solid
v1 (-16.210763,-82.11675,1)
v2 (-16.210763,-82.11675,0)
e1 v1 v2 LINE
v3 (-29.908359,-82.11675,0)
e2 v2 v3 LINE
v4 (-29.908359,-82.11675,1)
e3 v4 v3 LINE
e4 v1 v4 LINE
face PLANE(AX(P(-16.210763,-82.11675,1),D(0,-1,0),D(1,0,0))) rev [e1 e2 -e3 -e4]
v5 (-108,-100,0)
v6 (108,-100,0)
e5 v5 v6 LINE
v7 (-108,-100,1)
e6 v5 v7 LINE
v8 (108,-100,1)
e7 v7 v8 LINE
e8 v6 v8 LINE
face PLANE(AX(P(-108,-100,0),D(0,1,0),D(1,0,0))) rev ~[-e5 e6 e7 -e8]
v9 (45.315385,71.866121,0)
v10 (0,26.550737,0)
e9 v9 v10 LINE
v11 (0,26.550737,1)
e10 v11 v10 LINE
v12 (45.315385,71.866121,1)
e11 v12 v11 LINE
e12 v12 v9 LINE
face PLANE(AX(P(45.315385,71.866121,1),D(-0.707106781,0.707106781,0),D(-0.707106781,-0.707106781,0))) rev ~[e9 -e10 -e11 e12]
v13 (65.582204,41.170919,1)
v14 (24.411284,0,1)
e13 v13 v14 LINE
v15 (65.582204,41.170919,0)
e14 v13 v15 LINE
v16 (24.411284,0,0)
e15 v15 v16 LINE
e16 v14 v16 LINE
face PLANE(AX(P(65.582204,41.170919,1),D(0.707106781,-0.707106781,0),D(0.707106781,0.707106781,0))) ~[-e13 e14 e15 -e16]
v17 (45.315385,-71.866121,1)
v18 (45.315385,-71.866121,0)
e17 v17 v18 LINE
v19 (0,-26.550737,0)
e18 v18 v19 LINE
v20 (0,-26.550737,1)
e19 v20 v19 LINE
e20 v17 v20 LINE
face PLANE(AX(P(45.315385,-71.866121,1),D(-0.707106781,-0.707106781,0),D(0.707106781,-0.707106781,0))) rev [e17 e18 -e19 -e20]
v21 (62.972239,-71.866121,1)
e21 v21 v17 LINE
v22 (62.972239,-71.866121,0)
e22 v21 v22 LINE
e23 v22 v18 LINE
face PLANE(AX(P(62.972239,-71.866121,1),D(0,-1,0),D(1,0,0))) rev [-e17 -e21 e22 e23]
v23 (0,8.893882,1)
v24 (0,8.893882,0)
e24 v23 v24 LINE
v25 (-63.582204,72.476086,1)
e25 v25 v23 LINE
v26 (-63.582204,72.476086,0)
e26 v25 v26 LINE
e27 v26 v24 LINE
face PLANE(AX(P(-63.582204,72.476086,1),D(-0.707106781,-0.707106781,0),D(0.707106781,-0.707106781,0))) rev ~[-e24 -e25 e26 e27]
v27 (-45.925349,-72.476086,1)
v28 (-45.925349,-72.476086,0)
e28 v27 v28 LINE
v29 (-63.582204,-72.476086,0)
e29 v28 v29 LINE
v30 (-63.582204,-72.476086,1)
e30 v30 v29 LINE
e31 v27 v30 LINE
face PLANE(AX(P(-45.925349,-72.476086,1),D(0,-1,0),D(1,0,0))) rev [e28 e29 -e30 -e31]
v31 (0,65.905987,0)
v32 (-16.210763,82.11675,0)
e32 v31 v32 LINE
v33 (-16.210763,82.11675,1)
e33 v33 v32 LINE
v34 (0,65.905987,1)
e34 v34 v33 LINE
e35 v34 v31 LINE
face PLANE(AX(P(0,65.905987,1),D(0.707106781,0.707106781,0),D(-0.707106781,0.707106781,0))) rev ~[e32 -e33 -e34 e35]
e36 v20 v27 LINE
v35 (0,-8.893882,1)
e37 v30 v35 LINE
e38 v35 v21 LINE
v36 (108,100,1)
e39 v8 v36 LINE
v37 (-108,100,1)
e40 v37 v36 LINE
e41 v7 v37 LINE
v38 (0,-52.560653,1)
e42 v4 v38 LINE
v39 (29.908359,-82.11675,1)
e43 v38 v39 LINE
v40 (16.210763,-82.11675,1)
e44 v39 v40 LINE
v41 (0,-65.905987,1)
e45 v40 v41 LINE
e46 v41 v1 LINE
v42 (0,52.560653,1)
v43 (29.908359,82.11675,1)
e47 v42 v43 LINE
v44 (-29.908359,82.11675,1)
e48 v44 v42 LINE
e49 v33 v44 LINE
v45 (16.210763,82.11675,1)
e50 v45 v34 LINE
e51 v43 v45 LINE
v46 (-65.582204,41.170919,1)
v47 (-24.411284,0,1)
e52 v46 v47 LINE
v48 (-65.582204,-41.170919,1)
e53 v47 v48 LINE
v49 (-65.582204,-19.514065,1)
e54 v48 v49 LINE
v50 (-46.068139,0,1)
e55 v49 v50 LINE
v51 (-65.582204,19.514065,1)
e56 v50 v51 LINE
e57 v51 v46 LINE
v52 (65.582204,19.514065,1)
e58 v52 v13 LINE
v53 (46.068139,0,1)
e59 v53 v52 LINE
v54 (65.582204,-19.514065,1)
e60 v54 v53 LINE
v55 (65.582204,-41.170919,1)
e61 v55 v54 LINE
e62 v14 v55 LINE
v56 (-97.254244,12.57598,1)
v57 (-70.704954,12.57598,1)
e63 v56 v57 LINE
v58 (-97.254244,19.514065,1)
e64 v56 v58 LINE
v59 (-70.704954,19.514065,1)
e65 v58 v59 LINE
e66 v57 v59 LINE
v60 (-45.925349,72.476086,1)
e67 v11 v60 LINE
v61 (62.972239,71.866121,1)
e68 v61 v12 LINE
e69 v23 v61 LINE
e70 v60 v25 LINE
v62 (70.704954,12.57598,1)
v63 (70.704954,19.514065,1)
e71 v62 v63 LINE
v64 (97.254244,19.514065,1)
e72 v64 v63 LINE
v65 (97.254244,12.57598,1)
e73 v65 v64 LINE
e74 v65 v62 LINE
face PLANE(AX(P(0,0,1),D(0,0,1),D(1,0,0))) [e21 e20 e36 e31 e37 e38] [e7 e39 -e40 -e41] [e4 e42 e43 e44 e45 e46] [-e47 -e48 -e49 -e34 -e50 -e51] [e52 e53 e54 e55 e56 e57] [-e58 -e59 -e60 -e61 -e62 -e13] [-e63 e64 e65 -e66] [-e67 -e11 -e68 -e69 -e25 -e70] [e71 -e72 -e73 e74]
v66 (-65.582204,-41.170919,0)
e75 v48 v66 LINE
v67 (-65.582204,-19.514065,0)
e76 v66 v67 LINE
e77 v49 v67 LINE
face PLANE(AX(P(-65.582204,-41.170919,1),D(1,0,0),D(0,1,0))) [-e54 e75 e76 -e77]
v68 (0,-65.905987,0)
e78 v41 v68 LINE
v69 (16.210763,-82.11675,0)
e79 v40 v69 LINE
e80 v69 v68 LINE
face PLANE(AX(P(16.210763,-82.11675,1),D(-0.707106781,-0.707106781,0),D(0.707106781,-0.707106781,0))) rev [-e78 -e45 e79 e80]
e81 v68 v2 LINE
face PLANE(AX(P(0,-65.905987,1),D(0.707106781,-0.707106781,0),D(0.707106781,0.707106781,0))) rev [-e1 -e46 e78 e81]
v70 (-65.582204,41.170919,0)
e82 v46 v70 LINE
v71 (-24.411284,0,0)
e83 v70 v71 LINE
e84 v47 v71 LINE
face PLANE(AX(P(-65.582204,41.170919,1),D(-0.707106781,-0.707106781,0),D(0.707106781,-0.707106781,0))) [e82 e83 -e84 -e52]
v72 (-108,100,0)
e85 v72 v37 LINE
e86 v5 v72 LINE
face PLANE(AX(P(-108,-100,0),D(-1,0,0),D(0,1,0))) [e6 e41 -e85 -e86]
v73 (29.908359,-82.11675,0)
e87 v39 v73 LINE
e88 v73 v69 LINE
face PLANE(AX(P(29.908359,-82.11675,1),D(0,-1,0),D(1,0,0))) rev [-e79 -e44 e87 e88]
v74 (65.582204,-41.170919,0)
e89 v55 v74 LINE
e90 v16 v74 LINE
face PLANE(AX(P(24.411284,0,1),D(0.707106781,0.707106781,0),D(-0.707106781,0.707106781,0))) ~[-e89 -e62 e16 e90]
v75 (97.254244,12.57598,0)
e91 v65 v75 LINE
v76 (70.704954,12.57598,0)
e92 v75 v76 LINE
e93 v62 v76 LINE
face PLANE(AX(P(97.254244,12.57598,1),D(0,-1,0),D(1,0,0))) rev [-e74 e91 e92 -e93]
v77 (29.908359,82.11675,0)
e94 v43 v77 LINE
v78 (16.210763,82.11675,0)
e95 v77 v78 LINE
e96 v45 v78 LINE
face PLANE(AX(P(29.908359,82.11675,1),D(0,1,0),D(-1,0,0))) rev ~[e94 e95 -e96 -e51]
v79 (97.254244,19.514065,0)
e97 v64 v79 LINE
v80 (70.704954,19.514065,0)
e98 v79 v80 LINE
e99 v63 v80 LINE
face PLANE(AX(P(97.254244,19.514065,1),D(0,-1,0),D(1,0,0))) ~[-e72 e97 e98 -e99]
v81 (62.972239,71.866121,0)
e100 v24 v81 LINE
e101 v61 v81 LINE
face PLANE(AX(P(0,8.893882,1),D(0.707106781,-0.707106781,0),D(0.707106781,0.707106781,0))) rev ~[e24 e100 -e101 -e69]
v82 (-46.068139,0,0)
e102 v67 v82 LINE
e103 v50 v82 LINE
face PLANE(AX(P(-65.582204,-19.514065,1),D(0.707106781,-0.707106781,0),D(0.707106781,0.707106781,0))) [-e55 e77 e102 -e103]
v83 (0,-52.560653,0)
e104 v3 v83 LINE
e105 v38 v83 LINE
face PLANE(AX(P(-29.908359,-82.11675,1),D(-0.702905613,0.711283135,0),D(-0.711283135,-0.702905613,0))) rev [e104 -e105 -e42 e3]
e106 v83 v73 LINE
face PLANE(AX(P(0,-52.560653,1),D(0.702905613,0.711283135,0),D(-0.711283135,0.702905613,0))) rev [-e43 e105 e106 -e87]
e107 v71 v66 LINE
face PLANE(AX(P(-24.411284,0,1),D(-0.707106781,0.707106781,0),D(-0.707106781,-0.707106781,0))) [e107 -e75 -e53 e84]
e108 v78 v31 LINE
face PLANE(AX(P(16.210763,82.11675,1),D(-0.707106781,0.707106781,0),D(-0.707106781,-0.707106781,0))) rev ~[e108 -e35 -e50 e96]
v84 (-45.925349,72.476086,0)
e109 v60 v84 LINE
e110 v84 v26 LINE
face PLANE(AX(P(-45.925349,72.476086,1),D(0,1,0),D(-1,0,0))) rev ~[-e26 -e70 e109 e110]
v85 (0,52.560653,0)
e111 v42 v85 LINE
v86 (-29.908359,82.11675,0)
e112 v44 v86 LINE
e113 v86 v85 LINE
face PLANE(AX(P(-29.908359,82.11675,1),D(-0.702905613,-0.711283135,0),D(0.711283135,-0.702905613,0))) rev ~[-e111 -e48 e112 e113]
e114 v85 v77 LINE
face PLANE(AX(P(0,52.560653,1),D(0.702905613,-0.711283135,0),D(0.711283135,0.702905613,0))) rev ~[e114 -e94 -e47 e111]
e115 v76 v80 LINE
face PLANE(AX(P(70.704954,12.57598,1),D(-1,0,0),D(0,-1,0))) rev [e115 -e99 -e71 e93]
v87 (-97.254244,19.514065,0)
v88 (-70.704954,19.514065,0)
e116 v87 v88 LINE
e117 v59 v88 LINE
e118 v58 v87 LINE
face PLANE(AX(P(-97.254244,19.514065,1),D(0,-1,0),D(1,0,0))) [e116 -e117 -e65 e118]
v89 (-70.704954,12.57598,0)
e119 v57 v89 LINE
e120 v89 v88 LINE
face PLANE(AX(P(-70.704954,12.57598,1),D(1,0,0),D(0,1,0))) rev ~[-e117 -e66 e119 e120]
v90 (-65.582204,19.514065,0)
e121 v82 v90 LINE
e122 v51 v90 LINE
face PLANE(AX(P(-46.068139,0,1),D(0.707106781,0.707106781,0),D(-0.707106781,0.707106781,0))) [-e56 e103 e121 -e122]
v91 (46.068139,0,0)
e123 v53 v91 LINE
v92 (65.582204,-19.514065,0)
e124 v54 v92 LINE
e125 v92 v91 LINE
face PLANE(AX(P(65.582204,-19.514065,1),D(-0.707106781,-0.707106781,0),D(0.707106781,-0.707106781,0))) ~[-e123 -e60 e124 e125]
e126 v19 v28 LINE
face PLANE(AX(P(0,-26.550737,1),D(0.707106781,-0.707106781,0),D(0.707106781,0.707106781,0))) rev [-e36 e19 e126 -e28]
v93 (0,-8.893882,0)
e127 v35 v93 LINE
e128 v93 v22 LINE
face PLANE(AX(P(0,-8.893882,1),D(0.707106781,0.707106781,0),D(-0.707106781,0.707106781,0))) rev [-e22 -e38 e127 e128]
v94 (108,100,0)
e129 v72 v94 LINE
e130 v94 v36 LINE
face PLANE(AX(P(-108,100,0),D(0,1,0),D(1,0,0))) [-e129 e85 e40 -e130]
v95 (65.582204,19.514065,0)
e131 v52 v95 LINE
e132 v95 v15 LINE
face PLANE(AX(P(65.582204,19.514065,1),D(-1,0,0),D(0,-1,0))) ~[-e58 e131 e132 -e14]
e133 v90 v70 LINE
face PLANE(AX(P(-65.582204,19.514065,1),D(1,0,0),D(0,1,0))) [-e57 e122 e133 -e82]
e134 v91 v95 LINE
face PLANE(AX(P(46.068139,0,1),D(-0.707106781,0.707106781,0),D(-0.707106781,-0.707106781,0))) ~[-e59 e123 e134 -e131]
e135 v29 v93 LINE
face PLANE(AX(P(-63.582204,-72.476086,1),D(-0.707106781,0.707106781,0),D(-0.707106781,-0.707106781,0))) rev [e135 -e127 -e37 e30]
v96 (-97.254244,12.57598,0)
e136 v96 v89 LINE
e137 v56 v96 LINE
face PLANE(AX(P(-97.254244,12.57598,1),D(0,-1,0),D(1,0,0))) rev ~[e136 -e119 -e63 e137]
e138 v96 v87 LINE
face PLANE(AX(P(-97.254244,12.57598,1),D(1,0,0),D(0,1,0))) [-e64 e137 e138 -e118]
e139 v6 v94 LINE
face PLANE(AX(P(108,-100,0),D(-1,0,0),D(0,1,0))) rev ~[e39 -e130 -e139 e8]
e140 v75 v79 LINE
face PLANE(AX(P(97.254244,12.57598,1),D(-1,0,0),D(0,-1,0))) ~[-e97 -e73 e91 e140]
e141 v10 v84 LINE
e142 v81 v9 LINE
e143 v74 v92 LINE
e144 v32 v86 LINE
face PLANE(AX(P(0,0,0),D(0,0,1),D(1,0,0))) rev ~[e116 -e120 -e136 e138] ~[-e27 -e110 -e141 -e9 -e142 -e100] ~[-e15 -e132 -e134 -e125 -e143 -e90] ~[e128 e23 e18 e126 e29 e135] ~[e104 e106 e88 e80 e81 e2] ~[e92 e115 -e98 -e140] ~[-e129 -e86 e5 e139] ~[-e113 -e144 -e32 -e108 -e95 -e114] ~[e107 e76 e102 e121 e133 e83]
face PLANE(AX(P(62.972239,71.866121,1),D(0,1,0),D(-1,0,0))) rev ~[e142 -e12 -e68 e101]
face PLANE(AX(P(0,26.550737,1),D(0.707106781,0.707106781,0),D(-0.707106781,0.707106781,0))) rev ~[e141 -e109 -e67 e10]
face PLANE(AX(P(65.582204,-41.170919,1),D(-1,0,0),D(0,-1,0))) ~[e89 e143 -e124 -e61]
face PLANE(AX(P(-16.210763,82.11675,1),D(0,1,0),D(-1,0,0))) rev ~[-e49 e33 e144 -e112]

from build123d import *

# Parameters (mm, degrees)
SKETCH_1_W          = 216
SKETCH_1_H          = 200
EXTRUDE_1_DEPTH     = 1
CUT_EXTRUDE_2_DEPTH = 148.190352945
CUT_EXTRUDE_3_DEPTH = 148.190352945
SKETCH_4_W          = 26.549290854
SKETCH_4_H          = 6.938085034
CUT_EXTRUDE_4_DEPTH = 148.190352945


with BuildPart() as part:
    # 草图1 → 凸台-拉伸1 (new body)
    with BuildSketch(Plane.XY):
        Rectangle(SKETCH_1_W, SKETCH_1_H)
    extrude(amount=EXTRUDE_1_DEPTH)

    # 草图2 → 切除-拉伸2 (cut, through all)
    with BuildSketch(Plane.XY.offset(1)):
        Polygon((-29.908359309, 82.116750483), (0, 52.560653053), (29.908359309, 82.116750483), (16.210763117, 82.116750483), (0, 65.905987366), (-16.210763117, 82.116750483), align=None)
        Polygon((0, 26.550736561), (-45.925349273, 72.476085834), (-63.582203523, 72.476085834), (0, 8.893882312), (62.972238909, 71.866121221), (45.31538466, 71.866121221), align=None)
    cut_extrude_2 = extrude(amount=-CUT_EXTRUDE_2_DEPTH, mode=Mode.SUBTRACT)

    # 镜向2: 切除-拉伸2 across plane
    add(cut_extrude_2.mirror(Plane.ZX), mode=Mode.SUBTRACT)

    # 草图3 → 切除-拉伸3 (cut, through all)
    with BuildSketch(Plane.XY.offset(1)):
        Polygon((-46.068138611, 0), (-65.582203523, 19.514064912), (-65.582203523, 41.170919161), (-24.411284361, 0), (-65.582203523, -41.170919161), (-65.582203523, -19.514064912), align=None)
    cut_extrude_3 = extrude(amount=-CUT_EXTRUDE_3_DEPTH, mode=Mode.SUBTRACT)

    # 镜向3: 切除-拉伸3 across plane
    add(cut_extrude_3.mirror(Plane(origin=(0, 0, 0), x_dir=(0, 0, 1), z_dir=(1, 0, 0))), mode=Mode.SUBTRACT)

    # 草图4 → 切除-拉伸4 (cut, through all)
    with BuildSketch(Plane.XY.offset(1)):
        with Locations((-83.979598966, 16.045022395)):
            Rectangle(SKETCH_4_W, SKETCH_4_H)
    cut_extrude_4 = extrude(amount=-CUT_EXTRUDE_4_DEPTH, mode=Mode.SUBTRACT)

    # 镜向4: 切除-拉伸4 across plane
    add(cut_extrude_4.mirror(Plane(origin=(0, 0, 0), x_dir=(0, 0, 1), z_dir=(1, 0, 0))), mode=Mode.SUBTRACT)


solid = part.part
